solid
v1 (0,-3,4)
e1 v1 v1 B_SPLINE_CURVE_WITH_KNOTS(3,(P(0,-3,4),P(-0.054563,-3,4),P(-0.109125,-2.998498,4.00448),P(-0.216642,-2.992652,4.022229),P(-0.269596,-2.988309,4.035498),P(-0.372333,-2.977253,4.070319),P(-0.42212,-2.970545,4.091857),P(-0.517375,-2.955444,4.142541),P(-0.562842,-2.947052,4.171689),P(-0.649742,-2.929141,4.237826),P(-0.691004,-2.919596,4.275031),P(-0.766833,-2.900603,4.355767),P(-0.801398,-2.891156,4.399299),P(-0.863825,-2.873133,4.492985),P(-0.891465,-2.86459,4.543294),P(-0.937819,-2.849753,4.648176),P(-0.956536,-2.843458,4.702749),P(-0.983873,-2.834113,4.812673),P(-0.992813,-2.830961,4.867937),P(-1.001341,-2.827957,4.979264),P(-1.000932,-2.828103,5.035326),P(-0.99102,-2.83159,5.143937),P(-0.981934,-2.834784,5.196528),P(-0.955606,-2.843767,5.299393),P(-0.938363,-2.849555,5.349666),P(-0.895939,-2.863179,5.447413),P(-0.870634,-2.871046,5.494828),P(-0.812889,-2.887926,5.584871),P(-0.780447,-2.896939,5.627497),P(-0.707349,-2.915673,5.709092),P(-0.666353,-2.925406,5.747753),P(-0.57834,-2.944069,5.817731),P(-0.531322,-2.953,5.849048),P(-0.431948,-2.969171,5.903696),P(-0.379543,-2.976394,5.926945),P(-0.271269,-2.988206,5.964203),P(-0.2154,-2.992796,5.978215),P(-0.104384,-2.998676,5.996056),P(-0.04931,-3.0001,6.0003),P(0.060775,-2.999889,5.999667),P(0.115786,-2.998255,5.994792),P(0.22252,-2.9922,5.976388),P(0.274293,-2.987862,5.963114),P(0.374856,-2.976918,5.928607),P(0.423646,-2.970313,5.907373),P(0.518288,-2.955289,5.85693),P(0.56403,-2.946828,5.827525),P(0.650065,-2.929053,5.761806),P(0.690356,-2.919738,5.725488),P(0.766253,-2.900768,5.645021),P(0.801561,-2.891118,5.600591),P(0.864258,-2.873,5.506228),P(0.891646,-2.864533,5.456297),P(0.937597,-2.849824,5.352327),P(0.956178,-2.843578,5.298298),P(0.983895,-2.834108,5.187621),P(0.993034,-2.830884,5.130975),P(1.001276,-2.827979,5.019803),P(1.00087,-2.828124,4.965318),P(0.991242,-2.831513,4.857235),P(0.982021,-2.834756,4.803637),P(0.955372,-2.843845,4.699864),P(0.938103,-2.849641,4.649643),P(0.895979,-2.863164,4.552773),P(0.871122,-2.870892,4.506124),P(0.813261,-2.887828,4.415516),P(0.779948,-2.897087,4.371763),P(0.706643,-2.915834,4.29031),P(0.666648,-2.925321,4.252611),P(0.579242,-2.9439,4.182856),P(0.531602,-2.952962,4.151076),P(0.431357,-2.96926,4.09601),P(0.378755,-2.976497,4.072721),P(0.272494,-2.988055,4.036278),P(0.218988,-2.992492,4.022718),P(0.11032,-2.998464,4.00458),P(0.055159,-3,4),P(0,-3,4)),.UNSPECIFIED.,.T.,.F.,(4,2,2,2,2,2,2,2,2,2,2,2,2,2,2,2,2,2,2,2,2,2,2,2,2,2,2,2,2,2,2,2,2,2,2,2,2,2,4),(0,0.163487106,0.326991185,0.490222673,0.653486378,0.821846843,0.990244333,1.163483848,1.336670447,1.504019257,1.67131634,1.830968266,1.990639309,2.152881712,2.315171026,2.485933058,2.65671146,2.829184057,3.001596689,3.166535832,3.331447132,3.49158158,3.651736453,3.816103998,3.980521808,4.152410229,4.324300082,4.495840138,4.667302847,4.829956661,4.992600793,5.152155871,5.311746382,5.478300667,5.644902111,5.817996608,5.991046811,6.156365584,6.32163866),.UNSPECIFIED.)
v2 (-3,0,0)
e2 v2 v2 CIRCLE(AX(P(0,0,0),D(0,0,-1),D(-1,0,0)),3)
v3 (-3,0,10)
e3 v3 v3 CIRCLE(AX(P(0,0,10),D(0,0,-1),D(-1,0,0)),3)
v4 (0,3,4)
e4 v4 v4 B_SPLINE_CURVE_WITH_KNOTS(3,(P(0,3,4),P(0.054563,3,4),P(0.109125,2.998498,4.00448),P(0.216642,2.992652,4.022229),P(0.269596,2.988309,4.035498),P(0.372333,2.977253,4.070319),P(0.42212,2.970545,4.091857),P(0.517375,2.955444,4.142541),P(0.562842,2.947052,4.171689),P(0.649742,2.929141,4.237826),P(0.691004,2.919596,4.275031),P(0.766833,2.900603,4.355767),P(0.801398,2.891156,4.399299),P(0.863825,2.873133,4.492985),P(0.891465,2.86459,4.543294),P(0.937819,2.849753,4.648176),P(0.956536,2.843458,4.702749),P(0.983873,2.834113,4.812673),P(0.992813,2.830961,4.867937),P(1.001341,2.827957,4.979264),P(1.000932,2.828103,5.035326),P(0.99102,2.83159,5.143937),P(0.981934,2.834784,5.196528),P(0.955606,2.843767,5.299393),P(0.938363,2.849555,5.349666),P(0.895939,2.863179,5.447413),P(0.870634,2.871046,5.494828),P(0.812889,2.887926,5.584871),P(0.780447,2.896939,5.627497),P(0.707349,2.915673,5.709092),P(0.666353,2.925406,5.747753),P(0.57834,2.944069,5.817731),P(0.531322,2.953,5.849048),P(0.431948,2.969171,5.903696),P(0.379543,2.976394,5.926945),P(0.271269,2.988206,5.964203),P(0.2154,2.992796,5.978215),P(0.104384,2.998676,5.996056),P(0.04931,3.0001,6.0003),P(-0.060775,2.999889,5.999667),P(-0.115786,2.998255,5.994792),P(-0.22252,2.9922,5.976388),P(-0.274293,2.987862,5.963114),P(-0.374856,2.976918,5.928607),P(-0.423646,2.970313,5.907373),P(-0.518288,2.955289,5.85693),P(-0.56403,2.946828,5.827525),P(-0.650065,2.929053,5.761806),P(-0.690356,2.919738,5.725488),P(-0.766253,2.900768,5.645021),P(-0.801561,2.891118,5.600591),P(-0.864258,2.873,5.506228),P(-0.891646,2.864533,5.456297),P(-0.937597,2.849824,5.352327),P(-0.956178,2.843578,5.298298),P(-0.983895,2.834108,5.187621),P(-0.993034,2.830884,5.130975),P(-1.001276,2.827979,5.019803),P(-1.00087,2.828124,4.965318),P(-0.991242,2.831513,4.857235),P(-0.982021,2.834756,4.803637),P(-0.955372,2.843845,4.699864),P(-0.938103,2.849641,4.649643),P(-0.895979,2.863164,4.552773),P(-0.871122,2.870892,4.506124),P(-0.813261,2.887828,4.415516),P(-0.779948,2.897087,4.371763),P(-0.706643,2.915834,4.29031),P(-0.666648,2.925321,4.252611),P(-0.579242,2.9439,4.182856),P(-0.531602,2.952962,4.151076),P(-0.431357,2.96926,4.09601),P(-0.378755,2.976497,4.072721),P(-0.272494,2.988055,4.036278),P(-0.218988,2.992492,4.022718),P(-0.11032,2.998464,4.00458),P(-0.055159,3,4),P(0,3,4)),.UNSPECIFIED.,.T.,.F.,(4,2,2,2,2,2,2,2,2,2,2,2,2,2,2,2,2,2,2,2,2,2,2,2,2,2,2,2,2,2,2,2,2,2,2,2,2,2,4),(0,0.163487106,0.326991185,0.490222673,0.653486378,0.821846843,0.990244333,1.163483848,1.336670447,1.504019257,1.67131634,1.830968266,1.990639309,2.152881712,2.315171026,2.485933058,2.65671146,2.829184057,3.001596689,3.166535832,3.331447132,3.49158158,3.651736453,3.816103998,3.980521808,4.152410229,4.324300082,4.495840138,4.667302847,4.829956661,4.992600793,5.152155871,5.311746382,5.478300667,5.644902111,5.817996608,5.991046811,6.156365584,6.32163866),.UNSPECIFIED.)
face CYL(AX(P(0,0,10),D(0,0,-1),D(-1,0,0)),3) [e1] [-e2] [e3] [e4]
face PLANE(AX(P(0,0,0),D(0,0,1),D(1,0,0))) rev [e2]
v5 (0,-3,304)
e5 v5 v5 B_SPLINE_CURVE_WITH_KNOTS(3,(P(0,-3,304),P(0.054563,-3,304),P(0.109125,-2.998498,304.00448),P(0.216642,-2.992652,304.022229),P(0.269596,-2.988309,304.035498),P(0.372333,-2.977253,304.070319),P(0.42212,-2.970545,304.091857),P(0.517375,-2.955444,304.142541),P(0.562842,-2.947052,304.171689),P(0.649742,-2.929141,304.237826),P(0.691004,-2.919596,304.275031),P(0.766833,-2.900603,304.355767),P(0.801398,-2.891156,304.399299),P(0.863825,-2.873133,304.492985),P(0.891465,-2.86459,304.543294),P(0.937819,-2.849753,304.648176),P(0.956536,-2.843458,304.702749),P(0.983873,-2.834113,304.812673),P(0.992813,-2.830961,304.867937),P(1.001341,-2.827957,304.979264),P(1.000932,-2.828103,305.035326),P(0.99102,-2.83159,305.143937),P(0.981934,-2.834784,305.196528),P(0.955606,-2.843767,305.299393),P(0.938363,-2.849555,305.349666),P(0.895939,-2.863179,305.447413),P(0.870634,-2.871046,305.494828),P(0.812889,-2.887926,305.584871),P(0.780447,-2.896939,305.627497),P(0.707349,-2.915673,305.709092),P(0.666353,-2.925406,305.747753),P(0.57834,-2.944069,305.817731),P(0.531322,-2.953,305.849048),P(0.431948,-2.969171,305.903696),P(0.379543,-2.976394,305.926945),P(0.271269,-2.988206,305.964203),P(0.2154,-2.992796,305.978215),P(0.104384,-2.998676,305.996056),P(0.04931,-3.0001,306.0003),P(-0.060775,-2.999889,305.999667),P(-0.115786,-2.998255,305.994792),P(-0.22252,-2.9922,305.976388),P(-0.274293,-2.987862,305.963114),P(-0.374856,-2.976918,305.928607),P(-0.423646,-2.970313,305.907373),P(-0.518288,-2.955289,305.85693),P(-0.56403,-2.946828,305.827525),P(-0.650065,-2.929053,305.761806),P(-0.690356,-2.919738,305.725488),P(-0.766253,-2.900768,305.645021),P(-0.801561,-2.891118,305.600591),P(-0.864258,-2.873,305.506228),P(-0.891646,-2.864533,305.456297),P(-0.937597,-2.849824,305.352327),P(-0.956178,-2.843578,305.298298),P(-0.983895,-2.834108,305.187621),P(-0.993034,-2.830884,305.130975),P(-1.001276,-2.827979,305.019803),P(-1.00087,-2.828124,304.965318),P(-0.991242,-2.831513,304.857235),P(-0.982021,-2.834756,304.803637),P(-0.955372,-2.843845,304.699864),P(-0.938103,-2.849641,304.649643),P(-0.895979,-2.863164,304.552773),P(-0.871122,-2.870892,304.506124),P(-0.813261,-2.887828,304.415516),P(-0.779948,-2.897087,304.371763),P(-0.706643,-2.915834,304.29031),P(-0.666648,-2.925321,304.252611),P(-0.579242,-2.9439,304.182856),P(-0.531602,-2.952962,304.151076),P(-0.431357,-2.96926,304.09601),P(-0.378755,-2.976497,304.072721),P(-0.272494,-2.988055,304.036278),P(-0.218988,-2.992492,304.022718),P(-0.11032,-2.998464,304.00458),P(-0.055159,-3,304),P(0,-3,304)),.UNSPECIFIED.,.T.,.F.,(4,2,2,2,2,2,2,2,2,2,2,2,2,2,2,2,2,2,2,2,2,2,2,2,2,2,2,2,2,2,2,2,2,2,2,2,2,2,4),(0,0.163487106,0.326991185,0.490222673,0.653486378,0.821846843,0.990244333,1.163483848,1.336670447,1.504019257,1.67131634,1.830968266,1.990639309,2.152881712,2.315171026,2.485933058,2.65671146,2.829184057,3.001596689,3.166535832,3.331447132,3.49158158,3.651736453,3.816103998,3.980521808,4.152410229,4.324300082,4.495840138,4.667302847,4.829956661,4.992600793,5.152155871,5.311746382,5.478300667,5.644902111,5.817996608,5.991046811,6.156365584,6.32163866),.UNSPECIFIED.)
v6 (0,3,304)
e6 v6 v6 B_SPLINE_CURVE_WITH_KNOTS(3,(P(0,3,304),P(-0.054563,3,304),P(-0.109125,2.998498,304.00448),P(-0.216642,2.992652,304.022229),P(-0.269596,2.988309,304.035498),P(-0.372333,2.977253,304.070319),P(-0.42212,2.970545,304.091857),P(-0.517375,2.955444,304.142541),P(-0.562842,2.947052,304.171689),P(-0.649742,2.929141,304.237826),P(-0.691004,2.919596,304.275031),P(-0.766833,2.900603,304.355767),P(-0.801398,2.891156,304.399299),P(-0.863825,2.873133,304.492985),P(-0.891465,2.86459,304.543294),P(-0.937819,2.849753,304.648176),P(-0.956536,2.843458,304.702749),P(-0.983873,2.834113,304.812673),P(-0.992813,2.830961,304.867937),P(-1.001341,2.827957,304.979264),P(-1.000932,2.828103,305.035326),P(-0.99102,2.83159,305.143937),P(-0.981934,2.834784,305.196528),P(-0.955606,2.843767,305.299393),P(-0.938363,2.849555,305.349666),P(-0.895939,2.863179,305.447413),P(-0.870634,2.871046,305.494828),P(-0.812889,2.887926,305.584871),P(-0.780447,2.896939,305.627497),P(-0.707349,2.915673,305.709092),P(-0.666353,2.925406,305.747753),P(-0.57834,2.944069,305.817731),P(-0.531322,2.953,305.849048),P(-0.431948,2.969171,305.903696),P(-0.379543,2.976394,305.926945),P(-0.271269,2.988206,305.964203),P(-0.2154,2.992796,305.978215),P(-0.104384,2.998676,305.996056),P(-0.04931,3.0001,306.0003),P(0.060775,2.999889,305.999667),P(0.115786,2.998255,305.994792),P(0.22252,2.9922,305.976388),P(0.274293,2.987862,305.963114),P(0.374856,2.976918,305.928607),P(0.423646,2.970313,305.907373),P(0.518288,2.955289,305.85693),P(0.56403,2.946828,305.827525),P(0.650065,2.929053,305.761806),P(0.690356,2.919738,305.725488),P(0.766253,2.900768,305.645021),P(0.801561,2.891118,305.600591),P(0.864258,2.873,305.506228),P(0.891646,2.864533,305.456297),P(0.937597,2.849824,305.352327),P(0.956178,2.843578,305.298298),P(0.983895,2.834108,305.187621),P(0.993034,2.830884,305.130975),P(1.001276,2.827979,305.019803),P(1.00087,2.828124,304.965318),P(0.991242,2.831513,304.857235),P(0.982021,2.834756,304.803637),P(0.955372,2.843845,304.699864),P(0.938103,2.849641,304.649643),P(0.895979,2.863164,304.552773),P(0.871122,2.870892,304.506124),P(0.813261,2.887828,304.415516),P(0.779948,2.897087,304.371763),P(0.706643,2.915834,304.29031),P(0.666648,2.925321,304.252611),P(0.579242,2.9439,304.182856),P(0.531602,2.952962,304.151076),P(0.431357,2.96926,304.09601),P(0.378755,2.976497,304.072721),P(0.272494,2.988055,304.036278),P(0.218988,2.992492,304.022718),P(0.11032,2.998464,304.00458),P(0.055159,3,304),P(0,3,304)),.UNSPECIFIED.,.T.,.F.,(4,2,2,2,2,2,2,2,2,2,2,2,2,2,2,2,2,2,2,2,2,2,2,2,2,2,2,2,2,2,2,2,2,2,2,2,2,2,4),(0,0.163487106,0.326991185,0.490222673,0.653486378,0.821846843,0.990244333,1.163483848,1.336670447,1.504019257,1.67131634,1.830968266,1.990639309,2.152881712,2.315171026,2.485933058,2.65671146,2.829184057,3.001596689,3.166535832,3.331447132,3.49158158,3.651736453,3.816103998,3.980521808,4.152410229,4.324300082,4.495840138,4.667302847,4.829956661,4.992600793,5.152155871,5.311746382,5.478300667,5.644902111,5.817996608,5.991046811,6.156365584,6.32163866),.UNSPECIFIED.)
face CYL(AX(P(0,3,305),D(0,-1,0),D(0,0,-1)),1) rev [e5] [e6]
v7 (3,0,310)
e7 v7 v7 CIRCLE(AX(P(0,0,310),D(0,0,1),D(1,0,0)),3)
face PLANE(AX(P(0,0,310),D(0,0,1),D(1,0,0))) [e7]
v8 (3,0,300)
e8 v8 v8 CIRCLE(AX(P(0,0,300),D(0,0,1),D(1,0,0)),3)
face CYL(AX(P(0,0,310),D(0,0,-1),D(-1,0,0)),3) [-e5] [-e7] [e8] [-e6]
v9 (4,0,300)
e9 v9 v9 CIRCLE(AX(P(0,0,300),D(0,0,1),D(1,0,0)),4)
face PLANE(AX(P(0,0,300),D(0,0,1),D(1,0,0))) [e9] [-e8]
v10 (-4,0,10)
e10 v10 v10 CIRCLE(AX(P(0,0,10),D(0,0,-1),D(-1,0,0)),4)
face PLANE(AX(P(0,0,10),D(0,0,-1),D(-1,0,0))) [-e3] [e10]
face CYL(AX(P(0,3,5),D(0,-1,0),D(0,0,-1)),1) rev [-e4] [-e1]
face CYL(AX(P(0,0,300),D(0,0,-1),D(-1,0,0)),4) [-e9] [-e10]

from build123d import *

# Parameters (mm, degrees)
SKETCH1_R           = 4
BOSS_EXTRUDE1_DEPTH = 300
SKETCH2_R           = 3
BOSS_EXTRUDE2_DEPTH = 10
SKETCH3_R           = 1
CUT_EXTRUDE1_DEPTH  = 3
SKETCH4_R           = 4
SKETCH4_R_2         = 3
CUT_EXTRUDE2_DEPTH  = 10
SKETCH5_R           = 1
CUT_EXTRUDE3_DEPTH  = 3


with BuildPart() as part:
    # Sketch1 → Boss-Extrude1 (new body)
    with BuildSketch(Plane.XY):
        Circle(SKETCH1_R)
    extrude(amount=BOSS_EXTRUDE1_DEPTH)

    # Sketch2 → Boss-Extrude2 (add)
    with BuildSketch(Plane.XY.offset(300)):
        Circle(SKETCH2_R)
    extrude(amount=BOSS_EXTRUDE2_DEPTH)

    # Sketch3 → Cut-Extrude1 (cut, symmetric)
    with BuildSketch(Plane(origin=(0, 0, 0), x_dir=(1, 0, 0), z_dir=(0, 1, 0))):
        with Locations((0, -305)):
            Circle(SKETCH3_R)
    extrude(amount=CUT_EXTRUDE1_DEPTH, both=True, mode=Mode.SUBTRACT)

    # Sketch4 → Cut-Extrude2 (cut)
    with BuildSketch(Plane(origin=(0, 0, 0), x_dir=(-1, 0, 0), z_dir=(0, 0, -1))):
        Circle(SKETCH4_R)
        Circle(SKETCH4_R_2, mode=Mode.SUBTRACT)
    extrude(amount=-CUT_EXTRUDE2_DEPTH, mode=Mode.SUBTRACT)

    # Sketch5 → Cut-Extrude3 (cut, symmetric)
    with BuildSketch(Plane(origin=(0, 0, 0), x_dir=(1, 0, 0), z_dir=(0, 1, 0))):
        with Locations((0, -5)):
            Circle(SKETCH5_R)
    extrude(amount=CUT_EXTRUDE3_DEPTH, both=True, mode=Mode.SUBTRACT)


solid = part.part
